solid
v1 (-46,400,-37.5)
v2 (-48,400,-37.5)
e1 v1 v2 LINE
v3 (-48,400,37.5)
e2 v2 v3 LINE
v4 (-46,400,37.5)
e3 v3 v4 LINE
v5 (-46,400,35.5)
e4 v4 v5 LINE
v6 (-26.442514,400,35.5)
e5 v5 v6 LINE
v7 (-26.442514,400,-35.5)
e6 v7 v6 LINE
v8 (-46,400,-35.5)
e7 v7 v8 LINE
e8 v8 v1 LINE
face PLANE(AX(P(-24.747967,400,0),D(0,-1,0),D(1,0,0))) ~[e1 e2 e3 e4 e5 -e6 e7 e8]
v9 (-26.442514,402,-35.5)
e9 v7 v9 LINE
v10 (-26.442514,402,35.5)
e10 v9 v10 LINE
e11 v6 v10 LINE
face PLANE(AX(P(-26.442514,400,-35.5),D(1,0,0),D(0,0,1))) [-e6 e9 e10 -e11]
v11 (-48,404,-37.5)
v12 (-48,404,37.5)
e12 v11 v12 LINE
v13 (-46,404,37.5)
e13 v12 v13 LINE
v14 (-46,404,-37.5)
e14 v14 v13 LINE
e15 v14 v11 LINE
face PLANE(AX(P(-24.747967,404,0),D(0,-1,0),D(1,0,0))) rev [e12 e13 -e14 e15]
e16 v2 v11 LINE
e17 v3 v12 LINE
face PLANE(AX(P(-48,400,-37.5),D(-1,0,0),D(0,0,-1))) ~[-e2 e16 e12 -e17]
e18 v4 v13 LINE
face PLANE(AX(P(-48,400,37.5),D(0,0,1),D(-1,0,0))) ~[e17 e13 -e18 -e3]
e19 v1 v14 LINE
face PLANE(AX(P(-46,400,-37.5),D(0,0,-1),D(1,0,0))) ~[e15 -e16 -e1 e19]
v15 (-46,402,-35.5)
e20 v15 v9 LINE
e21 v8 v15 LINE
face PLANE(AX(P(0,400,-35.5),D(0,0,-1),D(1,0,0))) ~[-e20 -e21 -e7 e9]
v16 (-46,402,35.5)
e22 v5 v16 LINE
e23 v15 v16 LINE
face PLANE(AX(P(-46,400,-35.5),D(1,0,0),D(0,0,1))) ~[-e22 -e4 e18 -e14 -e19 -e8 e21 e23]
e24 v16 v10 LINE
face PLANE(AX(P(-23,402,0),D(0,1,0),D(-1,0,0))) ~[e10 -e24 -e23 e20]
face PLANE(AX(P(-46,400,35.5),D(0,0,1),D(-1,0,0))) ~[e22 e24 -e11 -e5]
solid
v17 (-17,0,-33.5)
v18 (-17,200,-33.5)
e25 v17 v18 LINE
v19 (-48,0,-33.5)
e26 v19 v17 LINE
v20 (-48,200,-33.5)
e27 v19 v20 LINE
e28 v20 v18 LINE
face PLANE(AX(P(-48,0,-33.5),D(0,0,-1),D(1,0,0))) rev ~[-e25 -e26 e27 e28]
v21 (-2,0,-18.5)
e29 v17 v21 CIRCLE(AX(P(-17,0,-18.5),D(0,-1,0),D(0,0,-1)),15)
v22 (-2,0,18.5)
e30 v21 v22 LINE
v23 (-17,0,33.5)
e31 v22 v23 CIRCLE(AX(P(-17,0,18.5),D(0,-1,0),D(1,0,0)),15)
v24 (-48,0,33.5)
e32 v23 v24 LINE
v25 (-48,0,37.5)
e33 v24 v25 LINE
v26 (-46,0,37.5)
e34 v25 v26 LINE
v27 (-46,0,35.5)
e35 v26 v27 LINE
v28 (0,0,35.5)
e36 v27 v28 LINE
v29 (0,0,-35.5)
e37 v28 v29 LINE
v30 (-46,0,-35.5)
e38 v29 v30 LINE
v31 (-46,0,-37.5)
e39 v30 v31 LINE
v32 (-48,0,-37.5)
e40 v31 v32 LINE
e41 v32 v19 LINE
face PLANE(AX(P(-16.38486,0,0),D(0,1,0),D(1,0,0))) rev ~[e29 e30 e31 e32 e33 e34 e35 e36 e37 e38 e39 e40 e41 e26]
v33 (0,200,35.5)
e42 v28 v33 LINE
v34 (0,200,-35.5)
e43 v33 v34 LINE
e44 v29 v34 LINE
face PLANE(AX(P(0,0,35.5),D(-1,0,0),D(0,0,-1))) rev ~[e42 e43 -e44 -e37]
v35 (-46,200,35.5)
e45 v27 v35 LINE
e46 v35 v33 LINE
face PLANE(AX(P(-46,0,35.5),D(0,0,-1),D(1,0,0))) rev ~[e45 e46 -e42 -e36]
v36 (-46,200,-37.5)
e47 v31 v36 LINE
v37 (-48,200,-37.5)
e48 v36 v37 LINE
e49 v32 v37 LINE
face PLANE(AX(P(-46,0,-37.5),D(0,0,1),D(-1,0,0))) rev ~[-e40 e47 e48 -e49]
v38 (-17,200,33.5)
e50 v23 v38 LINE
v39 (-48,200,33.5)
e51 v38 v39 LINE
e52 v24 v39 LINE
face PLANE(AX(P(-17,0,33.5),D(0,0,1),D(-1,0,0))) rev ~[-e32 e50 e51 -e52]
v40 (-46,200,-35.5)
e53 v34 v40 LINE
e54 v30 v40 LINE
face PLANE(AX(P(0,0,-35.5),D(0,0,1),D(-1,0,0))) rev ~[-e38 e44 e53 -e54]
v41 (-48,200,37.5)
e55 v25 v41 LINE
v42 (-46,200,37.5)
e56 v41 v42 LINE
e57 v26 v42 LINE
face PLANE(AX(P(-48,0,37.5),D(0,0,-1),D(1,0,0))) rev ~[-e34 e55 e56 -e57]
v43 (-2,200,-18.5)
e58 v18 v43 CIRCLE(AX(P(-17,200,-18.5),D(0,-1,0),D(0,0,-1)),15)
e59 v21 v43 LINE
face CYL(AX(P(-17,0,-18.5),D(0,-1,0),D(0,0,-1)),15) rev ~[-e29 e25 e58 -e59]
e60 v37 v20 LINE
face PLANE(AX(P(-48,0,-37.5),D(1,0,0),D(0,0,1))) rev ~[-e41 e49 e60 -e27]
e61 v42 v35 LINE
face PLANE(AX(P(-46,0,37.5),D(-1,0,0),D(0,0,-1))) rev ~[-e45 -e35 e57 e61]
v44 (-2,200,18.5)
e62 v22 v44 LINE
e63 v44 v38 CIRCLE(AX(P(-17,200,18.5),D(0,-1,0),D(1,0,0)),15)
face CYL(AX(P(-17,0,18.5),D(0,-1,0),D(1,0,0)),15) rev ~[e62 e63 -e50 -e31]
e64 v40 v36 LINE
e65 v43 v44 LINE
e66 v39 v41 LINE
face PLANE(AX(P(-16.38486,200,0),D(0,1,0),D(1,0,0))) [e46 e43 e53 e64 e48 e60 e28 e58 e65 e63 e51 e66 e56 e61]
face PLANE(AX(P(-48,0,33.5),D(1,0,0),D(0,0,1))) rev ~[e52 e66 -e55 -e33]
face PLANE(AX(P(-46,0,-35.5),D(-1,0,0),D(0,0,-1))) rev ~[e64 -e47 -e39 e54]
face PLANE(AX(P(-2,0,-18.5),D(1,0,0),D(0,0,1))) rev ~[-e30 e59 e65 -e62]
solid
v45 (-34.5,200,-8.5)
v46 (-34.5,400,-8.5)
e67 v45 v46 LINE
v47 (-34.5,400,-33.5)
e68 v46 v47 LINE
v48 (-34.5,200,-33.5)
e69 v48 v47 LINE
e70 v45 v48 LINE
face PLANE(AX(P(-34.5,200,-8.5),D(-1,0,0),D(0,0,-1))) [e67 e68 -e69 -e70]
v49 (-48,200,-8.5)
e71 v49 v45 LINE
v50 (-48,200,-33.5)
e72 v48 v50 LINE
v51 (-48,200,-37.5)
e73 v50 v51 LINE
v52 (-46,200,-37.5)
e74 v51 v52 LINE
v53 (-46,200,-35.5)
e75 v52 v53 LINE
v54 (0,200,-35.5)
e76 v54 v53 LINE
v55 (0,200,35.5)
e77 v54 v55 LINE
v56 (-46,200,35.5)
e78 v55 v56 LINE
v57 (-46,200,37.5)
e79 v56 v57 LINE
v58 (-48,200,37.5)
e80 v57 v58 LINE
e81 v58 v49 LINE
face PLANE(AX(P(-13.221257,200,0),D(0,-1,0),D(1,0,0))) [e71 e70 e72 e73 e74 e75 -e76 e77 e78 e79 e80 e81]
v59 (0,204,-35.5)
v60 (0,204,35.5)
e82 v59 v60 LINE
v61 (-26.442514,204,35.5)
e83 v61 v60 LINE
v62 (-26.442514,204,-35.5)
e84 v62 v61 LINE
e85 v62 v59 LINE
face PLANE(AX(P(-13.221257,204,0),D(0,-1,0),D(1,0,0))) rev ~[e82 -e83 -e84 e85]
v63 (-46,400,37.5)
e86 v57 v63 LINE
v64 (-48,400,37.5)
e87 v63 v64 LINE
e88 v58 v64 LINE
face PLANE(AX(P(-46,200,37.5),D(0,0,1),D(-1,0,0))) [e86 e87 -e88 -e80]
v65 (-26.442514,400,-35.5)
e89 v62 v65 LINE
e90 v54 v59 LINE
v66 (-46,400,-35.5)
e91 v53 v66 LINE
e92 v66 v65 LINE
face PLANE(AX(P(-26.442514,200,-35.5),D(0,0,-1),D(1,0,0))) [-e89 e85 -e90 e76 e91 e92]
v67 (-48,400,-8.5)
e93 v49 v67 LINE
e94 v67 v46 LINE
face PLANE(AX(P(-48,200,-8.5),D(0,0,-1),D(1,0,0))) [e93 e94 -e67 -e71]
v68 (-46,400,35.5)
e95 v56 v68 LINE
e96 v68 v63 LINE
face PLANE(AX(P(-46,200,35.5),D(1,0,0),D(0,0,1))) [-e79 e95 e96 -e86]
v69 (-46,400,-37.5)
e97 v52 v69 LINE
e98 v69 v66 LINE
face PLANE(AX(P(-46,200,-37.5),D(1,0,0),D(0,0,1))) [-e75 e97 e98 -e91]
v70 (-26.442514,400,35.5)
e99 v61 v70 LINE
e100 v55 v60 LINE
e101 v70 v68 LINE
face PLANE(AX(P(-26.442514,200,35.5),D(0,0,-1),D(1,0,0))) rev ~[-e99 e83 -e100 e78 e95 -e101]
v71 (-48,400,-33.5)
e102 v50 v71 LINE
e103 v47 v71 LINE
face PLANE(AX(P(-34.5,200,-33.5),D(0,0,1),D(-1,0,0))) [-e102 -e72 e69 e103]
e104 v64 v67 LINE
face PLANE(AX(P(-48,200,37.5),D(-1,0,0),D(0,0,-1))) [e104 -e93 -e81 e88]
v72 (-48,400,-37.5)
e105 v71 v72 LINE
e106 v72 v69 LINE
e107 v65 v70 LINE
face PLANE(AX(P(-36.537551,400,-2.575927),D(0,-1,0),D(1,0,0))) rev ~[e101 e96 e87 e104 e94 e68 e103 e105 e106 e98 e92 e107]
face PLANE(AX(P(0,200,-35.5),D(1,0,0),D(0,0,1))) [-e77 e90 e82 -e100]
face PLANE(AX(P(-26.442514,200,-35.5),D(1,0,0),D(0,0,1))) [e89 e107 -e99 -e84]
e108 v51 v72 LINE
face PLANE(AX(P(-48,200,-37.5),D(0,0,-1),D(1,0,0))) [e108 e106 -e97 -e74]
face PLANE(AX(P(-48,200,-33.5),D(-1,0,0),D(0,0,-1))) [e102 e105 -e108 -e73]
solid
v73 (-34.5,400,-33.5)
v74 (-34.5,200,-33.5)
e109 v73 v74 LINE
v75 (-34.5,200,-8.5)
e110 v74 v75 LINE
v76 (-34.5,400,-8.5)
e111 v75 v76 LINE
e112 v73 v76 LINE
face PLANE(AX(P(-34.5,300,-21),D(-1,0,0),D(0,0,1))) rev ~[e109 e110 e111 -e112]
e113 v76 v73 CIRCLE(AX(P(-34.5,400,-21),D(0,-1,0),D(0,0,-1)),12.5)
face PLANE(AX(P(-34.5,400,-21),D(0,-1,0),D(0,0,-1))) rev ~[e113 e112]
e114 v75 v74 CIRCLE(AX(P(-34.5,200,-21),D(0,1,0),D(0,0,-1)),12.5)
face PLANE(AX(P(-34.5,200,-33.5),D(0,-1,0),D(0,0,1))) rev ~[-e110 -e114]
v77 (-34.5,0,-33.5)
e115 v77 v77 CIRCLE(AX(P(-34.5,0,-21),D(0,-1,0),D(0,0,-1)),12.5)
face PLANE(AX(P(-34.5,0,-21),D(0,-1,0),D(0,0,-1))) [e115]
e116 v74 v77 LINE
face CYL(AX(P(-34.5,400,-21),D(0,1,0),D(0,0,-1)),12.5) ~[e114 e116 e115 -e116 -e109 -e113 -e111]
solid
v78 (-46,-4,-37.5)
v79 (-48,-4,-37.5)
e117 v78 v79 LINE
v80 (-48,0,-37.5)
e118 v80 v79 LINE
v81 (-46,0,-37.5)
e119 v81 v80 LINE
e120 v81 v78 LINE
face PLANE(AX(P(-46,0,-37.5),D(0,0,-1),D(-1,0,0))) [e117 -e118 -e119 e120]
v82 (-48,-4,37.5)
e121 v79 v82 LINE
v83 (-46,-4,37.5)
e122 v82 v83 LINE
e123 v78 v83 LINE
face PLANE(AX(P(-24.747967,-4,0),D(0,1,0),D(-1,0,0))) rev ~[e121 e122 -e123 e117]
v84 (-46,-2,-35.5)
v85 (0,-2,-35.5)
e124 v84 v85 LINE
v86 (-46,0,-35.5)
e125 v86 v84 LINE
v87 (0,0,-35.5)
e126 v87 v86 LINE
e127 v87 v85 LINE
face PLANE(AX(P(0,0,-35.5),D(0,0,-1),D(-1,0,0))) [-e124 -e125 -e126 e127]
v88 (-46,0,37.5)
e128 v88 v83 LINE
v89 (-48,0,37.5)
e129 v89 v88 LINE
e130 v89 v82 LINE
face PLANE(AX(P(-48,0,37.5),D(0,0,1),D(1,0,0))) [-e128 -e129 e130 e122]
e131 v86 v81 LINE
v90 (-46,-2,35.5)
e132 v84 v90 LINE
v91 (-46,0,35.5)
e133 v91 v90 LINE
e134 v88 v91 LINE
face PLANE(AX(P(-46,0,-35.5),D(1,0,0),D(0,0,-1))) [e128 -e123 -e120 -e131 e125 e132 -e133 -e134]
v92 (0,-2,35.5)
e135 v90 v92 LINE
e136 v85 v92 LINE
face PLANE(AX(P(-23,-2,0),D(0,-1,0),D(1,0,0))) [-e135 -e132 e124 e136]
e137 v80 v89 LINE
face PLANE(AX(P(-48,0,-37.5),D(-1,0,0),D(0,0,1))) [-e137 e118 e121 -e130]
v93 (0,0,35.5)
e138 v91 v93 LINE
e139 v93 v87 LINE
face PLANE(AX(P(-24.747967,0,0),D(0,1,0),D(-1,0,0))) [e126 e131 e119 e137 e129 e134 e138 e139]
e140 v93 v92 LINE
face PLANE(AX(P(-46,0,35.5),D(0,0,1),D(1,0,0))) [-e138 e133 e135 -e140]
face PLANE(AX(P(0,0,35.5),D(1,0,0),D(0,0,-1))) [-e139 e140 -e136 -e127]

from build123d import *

# Parameters (mm, degrees)
BOSS_EXTRU_1_DEPTH      = 200
BOSS_EXTRU_2_DEPTH      = 200
ESQUISSE4_W             = 26.442514416
ESQUISSE4_H             = 71
BOSS_EXTRU_3_DEPTH      = 4
BOSS_EXTRU_5_DEPTH      = 4
ESQUISSE6_W             = 46
ESQUISSE6_H             = 71
ENL_V_MAT_EXTRU_1_DEPTH = 2
ESQUISSE7_W             = 26.442514416
ESQUISSE7_H             = 71
ENL_V_MAT_EXTRU_2_DEPTH = 5
ESQUISSE8_R             = 12.5
BOSS_EXTRU_6_DEPTH      = 400
ESQUISSE10_W            = 25
ESQUISSE10_H            = 200
ENL_V_MAT_EXTRU_3_DEPTH = 35.5


with BuildPart() as part:
    # Esquisse1 → Boss.-Extru.1 (new body)
    with BuildSketch(Plane(origin=(0, 0, 0), x_dir=(1, 0, 0), z_dir=(0, 1, 0))):
        with BuildLine():
            Line((-46, -35.5), (-17, -35.5))
            Line((-17, -35.5), (0, -35.5))
            Line((0, -35.5), (0, 35.5))
            Line((0, 35.5), (-46, 35.5))
            Line((-46, 35.5), (-46, 37.5))
            Line((-46, 37.5), (-48, 37.5))
            Line((-48, 37.5), (-48, 33.5))
            Line((-48, 33.5), (-17, 33.5))
            ThreePointArc((-17, 33.5), (-6.393398282, 29.106601718), (-2, 18.5))
            Line((-2, 18.5), (-2, -18.5))
            ThreePointArc((-2, -18.5), (-6.393398282, -29.106601718), (-17, -33.5))
            Line((-17, -33.5), (-48, -33.5))
            Line((-48, -33.5), (-48, -37.5))
            Line((-48, -37.5), (-46, -37.5))
            Line((-46, -37.5), (-46, -35.5))
        make_face()
    extrude(amount=BOSS_EXTRU_1_DEPTH)


with BuildPart() as body_2:
    # Esquisse2 → Boss.-Extru.2 (new body)
    with BuildSketch(Plane.XZ.offset(-200)):
        Polygon((-46, 37.5), (-48, 37.5), (-48, -8.5), (-34.5, -8.5), (-34.5, -33.5), (-48, -33.5), (-48, -37.5), (-46, -37.5), (-46, -35.5), (-26.442514416, -35.5), (-26.442514416, 35.5), (-46, 35.5), align=None)
    extrude(amount=-BOSS_EXTRU_2_DEPTH)

    # Esquisse4 → Boss.-Extru.3 (add)
    with BuildSketch(Plane.XZ.offset(-200)):
        with Locations((-13.221257208, 0)):
            Rectangle(ESQUISSE4_W, ESQUISSE4_H)
    extrude(amount=-BOSS_EXTRU_3_DEPTH)


with BuildPart() as body_3:
    # Esquisse5 → Boss.-Extru.5 (new body)
    with BuildSketch(Plane.XZ):
        Polygon((-48, -37.5), (-48, 37.5), (-46, 37.5), (-46, 35.5), (0, 35.5), (0, -35.5), (-46, -35.5), (-46, -37.5), align=None)
    extrude(amount=BOSS_EXTRU_5_DEPTH)

    # Esquisse6 → Enl_v. mat.-Extru.1 (cut)
    with BuildSketch(Plane.XZ.offset(4)):
        with Locations((-23, 0)):
            Rectangle(ESQUISSE6_W, ESQUISSE6_H)
    extrude(amount=-ENL_V_MAT_EXTRU_1_DEPTH, mode=Mode.SUBTRACT)


with BuildPart() as body_4:
    # Sym_trie1: mirrored copy
    add(body_3.part.mirror(Plane(origin=(0, 200, 0), x_dir=(0, 0, 1), z_dir=(0, -1, 0))))

    # Esquisse7 → Enl_v. mat.-Extru.2 (cut, through all)
    with BuildSketch(Plane.XZ.offset(-400)):
        with Locations((-13.221257208, 0)):
            Rectangle(ESQUISSE7_W, ESQUISSE7_H)
    extrude(amount=-ENL_V_MAT_EXTRU_2_DEPTH, mode=Mode.SUBTRACT)


with BuildPart() as body_5:
    # Esquisse8 → Boss.-Extru.6 (new body)
    with BuildSketch(Plane.XZ.offset(-400)):
        with Locations(Location((-34.5, -21, 0), (0, 0, 270))):  # turned: the seam where the file's is
            Circle(ESQUISSE8_R)
    extrude(amount=BOSS_EXTRU_6_DEPTH)

    # Esquisse10 → Enl_v. mat.-Extru.3 (cut, through all)
    with BuildSketch(Plane.ZY.offset(34.5)):
        with Locations((-21, 300)):
            Rectangle(ESQUISSE10_W, ESQUISSE10_H)
    extrude(amount=-ENL_V_MAT_EXTRU_3_DEPTH, mode=Mode.SUBTRACT)


solid = Compound([part.part, body_2.part, body_3.part, body_4.part, body_5.part])
